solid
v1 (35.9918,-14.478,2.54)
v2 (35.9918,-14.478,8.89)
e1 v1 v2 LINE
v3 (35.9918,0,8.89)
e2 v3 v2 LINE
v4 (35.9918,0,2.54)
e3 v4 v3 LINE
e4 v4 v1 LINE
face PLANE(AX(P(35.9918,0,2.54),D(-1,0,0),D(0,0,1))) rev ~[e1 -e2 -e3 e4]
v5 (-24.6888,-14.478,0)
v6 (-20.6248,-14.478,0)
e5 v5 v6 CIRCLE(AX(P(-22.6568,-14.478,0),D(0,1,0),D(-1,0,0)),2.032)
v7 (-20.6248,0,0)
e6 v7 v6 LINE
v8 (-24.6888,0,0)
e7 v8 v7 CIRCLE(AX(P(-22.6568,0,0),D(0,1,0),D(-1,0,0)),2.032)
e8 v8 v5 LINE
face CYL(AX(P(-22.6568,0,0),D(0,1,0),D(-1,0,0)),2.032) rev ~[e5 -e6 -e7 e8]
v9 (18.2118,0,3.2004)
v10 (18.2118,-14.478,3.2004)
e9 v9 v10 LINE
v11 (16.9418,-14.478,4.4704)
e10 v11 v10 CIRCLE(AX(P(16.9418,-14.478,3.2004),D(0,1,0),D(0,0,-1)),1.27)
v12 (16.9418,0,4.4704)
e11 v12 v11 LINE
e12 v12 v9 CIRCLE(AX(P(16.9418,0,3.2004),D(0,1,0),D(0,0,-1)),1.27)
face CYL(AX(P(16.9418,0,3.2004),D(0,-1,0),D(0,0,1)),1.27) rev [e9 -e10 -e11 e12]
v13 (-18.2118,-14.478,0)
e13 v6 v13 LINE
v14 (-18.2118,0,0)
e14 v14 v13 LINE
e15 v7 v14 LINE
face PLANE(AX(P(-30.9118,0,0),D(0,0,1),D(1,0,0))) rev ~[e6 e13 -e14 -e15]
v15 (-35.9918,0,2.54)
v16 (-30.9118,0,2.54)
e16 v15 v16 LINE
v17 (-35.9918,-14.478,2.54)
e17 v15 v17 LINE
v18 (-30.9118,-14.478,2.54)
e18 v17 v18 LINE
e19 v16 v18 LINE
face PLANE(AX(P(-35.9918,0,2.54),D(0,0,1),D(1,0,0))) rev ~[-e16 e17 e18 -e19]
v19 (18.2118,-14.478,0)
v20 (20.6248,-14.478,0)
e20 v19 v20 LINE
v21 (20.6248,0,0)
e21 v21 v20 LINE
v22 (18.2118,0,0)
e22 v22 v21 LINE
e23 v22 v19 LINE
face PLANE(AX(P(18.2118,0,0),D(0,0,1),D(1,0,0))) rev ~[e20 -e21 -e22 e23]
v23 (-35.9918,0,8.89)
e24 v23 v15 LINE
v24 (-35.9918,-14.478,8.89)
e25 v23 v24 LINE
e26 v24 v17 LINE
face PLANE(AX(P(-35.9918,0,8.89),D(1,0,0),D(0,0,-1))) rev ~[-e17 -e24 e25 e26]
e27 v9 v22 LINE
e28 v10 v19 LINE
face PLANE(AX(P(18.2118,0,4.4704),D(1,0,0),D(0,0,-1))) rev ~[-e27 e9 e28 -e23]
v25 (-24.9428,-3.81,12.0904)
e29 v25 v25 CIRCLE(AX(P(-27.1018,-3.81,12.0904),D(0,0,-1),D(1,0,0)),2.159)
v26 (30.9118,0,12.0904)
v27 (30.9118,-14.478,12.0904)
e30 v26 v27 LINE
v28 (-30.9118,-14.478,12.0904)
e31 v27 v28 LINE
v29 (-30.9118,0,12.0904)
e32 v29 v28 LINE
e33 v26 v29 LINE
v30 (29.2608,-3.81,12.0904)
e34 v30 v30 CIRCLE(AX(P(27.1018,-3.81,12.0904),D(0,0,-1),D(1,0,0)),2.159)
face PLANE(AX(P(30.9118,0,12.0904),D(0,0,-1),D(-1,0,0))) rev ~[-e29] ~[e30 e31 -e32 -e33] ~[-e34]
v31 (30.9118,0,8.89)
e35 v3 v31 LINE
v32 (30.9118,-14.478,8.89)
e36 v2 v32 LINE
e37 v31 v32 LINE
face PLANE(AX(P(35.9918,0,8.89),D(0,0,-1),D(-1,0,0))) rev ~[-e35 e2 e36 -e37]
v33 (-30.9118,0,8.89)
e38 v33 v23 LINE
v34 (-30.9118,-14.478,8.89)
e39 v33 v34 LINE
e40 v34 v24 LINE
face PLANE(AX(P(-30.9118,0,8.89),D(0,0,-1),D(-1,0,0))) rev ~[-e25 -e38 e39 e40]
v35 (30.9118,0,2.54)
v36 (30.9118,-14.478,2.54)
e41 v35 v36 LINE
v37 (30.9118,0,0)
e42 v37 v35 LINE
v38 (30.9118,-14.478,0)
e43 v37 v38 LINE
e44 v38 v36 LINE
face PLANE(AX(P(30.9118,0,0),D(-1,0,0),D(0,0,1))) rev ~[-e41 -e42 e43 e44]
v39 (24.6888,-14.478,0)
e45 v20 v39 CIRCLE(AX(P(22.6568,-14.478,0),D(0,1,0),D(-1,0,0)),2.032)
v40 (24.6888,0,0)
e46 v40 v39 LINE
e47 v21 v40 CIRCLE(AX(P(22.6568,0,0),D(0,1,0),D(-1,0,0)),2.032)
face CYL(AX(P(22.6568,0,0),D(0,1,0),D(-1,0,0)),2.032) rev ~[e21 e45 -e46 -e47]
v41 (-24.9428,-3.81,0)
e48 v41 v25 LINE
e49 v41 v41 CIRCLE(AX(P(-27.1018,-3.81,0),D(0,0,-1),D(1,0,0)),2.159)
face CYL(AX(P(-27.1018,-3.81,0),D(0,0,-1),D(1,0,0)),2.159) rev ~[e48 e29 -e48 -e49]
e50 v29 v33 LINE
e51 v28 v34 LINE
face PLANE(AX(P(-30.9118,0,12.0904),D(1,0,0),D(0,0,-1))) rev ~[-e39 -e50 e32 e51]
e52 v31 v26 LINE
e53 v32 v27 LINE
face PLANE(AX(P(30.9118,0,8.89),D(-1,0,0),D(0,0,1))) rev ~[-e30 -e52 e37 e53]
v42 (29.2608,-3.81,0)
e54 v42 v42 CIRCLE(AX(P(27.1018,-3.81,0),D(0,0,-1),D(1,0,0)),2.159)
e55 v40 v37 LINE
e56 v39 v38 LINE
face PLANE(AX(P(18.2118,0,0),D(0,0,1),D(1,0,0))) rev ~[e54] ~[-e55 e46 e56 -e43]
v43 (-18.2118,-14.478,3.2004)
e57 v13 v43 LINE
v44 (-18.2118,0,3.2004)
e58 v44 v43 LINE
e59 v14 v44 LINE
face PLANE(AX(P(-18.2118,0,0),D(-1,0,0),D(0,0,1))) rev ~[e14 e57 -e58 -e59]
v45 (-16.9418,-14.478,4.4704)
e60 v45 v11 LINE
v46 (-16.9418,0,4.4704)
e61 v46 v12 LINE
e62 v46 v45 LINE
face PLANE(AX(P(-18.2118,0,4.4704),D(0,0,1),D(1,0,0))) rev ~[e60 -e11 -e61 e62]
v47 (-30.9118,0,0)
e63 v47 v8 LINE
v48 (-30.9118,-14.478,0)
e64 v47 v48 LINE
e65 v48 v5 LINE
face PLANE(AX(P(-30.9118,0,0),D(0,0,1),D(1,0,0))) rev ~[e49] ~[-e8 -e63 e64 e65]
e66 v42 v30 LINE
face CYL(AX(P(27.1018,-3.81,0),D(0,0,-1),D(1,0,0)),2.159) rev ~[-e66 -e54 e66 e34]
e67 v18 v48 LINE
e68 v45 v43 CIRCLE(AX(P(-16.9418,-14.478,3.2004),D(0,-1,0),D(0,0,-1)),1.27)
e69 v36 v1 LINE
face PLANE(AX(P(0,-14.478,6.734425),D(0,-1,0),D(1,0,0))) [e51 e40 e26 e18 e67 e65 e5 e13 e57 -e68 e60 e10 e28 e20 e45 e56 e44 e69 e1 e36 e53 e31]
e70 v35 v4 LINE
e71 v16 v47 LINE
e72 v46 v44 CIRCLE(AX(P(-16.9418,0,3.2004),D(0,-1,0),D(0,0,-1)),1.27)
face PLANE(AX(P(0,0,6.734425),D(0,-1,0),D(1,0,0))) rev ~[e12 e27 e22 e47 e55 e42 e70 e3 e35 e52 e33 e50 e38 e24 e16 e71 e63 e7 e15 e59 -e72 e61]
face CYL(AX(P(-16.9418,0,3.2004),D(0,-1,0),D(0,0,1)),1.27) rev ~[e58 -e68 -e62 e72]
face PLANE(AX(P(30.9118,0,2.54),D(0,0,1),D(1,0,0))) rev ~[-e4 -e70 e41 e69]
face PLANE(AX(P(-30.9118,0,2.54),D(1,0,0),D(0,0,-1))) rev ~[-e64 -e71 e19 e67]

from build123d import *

# Parameters (mm, degrees)
F1_DEPTH = 14.478
F2_R     = 1.27
F3_R     = 2.159
F4_DEPTH = 12.0914
F6_DEPTH = 14.479


with BuildPart() as f1:
    # F0 (on Front) → F1 (new body)
    with BuildSketch(Plane.XZ):
        Polygon((-18.2118, 4.4704), (0, 4.4704), (18.2118, 4.4704), (18.2118, 0), (30.9118, 0), (30.9118, 2.54), (35.9918, 2.54), (35.9918, 8.89), (30.9118, 8.89), (30.9118, 12.0904), (0, 12.0904), (-30.9118, 12.0904), (-30.9118, 8.89), (-35.9918, 8.89), (-35.9918, 2.54), (-30.9118, 2.54), (-30.9118, 0), (-18.2118, 0), align=None)
    extrude(amount=F1_DEPTH)

    # F2
    f2_edges = [f1.edges().sort_by_distance(p)[0] for p in [
        (-18.2118, -7.239, 4.4704),
        (18.2118, -7.239, 4.4704),
    ]]
    fillet(f2_edges, radius=F2_R)

    # F3 (on face) → F4 (cut, through all)
    with BuildSketch(Plane(origin=(0, 0, 0), x_dir=(1, 0, 0), z_dir=(0, 0, -1))):
        with Locations((-27.1018, 3.81)):
            Circle(F3_R)
        with Locations((27.1018, 3.81)):
            Circle(F3_R)
    extrude(amount=-F4_DEPTH, mode=Mode.SUBTRACT)

    # F5 (on face) → F6 (cut, through all)
    with BuildSketch(Plane(origin=(0, 0, 0), x_dir=(-1, 0, 0), z_dir=(0, 1, 0))):
        with BuildLine():
            Line((20.6248, 0), (24.6888, 0))
            ThreePointArc((24.6888, 0), (22.6568, 2.032), (20.6248, 0))
        make_face()
        with BuildLine():
            Line((-24.6888, 0), (-20.6248, 0))
            ThreePointArc((-20.6248, 0), (-22.6568, 2.032), (-24.6888, 0))
        make_face()
    extrude(amount=-F6_DEPTH, mode=Mode.SUBTRACT)


solid = f1.part
